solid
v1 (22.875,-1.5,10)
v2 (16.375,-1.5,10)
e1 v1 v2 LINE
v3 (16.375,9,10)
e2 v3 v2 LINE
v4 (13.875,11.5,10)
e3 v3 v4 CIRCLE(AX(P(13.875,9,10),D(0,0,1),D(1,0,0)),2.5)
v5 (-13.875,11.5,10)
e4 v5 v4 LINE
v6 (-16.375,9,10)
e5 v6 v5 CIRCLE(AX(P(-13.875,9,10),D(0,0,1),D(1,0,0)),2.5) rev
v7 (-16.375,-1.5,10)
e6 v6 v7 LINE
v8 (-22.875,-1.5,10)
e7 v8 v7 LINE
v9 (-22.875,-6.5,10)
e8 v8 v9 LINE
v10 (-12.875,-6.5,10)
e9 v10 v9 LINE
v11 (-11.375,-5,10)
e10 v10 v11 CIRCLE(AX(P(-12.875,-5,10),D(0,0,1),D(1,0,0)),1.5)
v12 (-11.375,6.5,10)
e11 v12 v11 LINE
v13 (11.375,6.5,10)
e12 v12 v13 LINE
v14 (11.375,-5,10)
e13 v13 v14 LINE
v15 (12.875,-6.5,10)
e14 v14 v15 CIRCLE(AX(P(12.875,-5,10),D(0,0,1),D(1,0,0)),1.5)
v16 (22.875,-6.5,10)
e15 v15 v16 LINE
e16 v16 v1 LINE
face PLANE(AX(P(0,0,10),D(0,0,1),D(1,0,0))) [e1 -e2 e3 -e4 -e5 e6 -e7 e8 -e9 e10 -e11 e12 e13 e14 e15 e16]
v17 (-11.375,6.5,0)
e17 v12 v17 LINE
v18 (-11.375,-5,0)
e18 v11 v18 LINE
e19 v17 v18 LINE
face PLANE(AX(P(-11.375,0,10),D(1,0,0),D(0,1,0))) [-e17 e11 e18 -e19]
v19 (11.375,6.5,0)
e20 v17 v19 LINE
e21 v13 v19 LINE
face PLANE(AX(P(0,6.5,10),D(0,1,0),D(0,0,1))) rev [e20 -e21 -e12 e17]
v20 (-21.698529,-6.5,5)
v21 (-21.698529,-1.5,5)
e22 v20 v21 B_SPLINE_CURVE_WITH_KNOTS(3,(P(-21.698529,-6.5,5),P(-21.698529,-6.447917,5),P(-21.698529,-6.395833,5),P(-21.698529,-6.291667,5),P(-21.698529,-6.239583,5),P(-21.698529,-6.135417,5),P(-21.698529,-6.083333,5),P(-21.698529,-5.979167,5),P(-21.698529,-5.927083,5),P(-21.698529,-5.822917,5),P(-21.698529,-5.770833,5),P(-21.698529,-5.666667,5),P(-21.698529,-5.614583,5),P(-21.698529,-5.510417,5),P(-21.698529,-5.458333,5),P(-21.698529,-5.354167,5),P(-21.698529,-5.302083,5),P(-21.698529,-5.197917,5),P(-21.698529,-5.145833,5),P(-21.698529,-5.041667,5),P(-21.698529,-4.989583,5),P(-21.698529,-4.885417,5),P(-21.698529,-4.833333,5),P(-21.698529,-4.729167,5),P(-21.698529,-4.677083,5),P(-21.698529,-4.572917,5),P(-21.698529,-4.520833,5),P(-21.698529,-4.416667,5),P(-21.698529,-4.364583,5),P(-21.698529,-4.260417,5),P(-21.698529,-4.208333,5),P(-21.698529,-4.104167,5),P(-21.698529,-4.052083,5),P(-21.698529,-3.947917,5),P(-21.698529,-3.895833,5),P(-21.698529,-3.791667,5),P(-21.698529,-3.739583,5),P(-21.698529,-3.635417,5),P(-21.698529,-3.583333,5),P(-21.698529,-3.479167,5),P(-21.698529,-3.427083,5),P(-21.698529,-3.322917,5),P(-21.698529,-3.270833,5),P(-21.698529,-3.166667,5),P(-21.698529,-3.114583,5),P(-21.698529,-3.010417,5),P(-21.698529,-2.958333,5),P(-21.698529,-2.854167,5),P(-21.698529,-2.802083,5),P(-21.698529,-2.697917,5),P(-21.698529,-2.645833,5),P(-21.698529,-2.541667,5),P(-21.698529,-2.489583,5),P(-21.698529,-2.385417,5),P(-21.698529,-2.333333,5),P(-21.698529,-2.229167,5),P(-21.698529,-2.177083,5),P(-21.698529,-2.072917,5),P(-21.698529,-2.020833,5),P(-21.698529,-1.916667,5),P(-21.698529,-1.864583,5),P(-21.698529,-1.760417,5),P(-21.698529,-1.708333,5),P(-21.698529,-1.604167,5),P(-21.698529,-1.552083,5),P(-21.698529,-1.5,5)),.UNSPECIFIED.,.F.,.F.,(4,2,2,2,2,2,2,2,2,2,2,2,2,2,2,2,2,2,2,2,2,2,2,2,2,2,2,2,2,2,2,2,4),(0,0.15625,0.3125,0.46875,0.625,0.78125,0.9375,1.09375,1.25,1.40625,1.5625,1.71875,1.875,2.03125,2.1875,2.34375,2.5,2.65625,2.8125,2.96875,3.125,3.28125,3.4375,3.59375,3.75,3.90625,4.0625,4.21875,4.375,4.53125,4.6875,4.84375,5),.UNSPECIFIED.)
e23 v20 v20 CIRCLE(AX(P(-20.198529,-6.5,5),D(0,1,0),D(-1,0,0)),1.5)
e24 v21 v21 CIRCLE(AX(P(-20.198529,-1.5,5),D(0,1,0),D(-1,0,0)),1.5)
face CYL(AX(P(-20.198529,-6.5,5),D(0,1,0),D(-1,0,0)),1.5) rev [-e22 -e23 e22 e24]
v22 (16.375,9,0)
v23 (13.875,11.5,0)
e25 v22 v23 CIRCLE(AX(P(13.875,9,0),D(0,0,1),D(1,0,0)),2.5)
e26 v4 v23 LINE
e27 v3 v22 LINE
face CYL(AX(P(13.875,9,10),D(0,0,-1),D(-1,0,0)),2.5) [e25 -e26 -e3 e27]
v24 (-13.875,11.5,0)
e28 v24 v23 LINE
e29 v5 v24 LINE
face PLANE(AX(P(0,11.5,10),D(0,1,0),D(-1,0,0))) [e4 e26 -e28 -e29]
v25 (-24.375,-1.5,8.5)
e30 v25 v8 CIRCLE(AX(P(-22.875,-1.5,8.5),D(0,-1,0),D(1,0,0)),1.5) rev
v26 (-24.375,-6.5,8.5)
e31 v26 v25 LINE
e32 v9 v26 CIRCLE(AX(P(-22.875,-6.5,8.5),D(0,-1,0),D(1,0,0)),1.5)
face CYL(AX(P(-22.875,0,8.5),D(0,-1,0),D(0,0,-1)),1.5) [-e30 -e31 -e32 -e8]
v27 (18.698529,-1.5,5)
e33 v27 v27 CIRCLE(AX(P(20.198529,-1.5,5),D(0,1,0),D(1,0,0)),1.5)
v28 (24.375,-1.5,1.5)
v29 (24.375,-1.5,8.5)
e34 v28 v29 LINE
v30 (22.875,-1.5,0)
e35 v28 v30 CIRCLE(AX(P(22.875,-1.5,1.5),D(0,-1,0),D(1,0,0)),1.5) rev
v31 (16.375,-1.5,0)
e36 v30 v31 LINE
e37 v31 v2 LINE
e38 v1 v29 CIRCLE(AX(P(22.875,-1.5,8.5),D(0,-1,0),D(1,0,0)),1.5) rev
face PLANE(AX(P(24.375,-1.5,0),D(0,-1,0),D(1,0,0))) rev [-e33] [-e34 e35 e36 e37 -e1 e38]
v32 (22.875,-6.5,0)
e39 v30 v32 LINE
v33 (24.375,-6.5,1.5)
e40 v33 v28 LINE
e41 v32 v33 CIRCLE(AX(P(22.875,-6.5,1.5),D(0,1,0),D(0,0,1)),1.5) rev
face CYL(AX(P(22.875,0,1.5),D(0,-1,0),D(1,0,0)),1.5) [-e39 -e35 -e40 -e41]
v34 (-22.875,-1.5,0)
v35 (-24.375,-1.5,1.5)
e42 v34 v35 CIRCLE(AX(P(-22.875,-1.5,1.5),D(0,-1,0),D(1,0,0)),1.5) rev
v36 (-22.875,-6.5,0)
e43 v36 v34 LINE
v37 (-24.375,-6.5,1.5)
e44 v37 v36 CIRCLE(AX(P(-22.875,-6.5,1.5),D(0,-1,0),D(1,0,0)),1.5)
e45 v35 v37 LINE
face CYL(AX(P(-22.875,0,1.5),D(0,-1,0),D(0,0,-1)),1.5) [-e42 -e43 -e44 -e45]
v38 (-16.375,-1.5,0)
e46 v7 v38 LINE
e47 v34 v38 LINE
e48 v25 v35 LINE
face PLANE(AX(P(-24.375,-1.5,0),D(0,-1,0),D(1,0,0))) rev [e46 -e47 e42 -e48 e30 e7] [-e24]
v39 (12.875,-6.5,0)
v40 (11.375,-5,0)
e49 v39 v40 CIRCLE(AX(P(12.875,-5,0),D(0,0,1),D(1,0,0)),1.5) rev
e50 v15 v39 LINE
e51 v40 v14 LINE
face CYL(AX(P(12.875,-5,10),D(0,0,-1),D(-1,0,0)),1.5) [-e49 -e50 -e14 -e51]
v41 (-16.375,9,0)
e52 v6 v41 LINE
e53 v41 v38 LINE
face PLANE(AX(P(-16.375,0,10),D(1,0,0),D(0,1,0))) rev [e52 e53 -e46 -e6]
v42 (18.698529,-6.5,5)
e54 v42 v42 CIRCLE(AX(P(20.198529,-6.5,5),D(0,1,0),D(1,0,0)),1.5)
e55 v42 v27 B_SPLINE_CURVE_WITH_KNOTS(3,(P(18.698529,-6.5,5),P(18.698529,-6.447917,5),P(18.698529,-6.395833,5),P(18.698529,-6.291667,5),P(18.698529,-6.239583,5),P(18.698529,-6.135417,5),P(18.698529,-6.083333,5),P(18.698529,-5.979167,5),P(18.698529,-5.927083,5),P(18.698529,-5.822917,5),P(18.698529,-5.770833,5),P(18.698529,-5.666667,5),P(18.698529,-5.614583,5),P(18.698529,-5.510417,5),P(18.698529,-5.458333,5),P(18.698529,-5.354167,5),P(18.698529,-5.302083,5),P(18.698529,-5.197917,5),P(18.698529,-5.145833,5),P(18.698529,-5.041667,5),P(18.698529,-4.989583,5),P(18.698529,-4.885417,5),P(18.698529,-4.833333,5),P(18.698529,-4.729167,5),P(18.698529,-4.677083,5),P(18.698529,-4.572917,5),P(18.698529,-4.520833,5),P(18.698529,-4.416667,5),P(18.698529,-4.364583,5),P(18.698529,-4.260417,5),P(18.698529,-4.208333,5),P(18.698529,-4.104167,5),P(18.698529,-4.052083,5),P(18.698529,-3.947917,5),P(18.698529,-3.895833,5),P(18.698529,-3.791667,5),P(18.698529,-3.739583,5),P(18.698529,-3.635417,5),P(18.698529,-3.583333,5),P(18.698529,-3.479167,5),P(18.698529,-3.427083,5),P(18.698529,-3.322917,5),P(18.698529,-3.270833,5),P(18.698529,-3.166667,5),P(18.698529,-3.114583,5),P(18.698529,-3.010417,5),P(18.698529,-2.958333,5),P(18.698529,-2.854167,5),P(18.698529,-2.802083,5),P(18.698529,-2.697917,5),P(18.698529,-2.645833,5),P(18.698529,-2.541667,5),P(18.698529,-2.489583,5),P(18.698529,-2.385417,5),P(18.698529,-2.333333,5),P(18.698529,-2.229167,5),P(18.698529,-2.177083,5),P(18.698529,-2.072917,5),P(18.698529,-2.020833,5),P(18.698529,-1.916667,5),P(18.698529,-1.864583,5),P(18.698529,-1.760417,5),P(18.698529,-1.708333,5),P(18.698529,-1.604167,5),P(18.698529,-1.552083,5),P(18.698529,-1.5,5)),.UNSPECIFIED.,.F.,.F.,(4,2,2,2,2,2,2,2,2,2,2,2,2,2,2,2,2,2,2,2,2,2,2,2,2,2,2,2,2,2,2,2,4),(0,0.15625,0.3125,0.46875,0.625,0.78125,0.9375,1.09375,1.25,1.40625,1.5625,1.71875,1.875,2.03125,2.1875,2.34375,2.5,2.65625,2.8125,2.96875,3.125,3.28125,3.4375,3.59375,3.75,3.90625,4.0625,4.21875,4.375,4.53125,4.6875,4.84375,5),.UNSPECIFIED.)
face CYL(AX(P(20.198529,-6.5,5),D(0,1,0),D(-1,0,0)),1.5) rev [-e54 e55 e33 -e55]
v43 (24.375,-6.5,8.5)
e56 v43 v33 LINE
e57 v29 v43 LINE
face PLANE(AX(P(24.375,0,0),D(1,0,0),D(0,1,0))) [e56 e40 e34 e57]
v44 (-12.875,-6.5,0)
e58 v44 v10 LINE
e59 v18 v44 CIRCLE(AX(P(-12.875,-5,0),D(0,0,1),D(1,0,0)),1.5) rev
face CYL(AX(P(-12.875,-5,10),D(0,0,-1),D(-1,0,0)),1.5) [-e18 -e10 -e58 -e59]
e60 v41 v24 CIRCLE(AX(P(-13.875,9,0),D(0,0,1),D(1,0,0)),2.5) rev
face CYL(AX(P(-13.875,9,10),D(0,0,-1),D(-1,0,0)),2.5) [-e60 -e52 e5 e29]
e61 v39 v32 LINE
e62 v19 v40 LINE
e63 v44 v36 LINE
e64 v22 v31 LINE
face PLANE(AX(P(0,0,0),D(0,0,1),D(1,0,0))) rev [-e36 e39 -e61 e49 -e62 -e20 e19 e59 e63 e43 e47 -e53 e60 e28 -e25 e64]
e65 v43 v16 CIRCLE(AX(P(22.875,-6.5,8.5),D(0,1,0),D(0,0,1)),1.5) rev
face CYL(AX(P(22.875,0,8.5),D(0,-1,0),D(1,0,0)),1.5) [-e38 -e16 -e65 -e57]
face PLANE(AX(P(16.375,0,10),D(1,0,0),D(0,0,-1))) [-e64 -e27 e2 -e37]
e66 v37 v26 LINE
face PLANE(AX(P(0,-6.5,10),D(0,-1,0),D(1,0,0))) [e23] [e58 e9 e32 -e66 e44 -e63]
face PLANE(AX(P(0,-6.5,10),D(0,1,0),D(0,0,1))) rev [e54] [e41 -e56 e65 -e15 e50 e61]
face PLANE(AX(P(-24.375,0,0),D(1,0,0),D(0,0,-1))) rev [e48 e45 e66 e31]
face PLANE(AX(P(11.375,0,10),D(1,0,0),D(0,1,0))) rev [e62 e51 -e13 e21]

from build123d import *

# Parameters (mm, degrees)
BOSS_EXTRU_1_DEPTH      = 10
ESQUISSE2_W             = 10
ESQUISSE2_H             = 5
BOSS_EXTRU_2_DEPTH      = 8
ESQUISSE3_W             = 10
ESQUISSE3_H             = 5
BOSS_EXTRU_3_DEPTH      = 8
CONG_1_R                = 1.5
CONG_2_R                = 1.5
ESQUISSE4_R             = 1.5
ENL_V_MAT_EXTRU_1_DEPTH = 30.379255011


with BuildPart() as part:
    # Esquisse1 → Boss.-Extru.1 (new body)
    with BuildSketch(Plane.XY):
        with BuildLine():
            ThreePointArc((-16.375, 9), (-15.642766953, 10.767766953), (-13.875, 11.5))
            Line((-13.875, 11.5), (13.875, 11.5))
            ThreePointArc((13.875, 11.5), (15.642766953, 10.767766953), (16.375, 9))
            Line((16.375, 9), (16.375, -6.5))
            Line((16.375, -6.5), (11.375, -6.5))
            Line((11.375, -6.5), (11.375, 6.5))
            Line((11.375, 6.5), (-11.375, 6.5))
            Line((-11.375, 6.5), (-11.375, -6.5))
            Line((-11.375, -6.5), (-16.375, -6.5))
            Line((-16.375, -6.5), (-16.375, 9))
        make_face()
    extrude(amount=BOSS_EXTRU_1_DEPTH)

    # Esquisse2 → Boss.-Extru.2 (add)
    with BuildSketch(Plane.ZY.offset(16.375)):
        with Locations((5, -4)):
            Rectangle(ESQUISSE2_W, ESQUISSE2_H)
    extrude(amount=BOSS_EXTRU_2_DEPTH)

    # Esquisse3 → Boss.-Extru.3 (add)
    with BuildSketch(Plane(origin=(16.375, 0, 0), x_dir=(0, 0, -1), z_dir=(1, 0, 0))):
        with Locations((-5, -4)):
            Rectangle(ESQUISSE3_W, ESQUISSE3_H)
    extrude(amount=BOSS_EXTRU_3_DEPTH)

    # Congé1
    cong_1_edges = [part.edges().sort_by_distance(p)[0] for p in [
        (-24.375, -4, 0),
        (-24.375, -4, 10),
        (24.375, -4, 10),
        (24.375, -4, 0),
    ]]
    fillet(cong_1_edges, radius=CONG_1_R)

    # Congé2
    cong_2_edges = [part.edges().sort_by_distance(p)[0] for p in [
        (11.375, -6.5, 5),
        (-11.375, -6.5, 5),
    ]]
    fillet(cong_2_edges, radius=CONG_2_R)

    # Esquisse4 → Enlèv. mat.-Extru.1 (cut, through all)
    with BuildSketch(Plane(origin=(0, -1.5, 0), x_dir=(1, 0, 0), z_dir=(0, 1, 0))):
        with Locations(Location((-20.198529412, -5, 0), (0, 0, 180))):
            Circle(ESQUISSE4_R)
        with Locations(Location((20.198529412, -5, 0), (0, 0, 180))):
            Circle(ESQUISSE4_R)
    extrude(amount=-ENL_V_MAT_EXTRU_1_DEPTH, mode=Mode.SUBTRACT)


solid = part.part
